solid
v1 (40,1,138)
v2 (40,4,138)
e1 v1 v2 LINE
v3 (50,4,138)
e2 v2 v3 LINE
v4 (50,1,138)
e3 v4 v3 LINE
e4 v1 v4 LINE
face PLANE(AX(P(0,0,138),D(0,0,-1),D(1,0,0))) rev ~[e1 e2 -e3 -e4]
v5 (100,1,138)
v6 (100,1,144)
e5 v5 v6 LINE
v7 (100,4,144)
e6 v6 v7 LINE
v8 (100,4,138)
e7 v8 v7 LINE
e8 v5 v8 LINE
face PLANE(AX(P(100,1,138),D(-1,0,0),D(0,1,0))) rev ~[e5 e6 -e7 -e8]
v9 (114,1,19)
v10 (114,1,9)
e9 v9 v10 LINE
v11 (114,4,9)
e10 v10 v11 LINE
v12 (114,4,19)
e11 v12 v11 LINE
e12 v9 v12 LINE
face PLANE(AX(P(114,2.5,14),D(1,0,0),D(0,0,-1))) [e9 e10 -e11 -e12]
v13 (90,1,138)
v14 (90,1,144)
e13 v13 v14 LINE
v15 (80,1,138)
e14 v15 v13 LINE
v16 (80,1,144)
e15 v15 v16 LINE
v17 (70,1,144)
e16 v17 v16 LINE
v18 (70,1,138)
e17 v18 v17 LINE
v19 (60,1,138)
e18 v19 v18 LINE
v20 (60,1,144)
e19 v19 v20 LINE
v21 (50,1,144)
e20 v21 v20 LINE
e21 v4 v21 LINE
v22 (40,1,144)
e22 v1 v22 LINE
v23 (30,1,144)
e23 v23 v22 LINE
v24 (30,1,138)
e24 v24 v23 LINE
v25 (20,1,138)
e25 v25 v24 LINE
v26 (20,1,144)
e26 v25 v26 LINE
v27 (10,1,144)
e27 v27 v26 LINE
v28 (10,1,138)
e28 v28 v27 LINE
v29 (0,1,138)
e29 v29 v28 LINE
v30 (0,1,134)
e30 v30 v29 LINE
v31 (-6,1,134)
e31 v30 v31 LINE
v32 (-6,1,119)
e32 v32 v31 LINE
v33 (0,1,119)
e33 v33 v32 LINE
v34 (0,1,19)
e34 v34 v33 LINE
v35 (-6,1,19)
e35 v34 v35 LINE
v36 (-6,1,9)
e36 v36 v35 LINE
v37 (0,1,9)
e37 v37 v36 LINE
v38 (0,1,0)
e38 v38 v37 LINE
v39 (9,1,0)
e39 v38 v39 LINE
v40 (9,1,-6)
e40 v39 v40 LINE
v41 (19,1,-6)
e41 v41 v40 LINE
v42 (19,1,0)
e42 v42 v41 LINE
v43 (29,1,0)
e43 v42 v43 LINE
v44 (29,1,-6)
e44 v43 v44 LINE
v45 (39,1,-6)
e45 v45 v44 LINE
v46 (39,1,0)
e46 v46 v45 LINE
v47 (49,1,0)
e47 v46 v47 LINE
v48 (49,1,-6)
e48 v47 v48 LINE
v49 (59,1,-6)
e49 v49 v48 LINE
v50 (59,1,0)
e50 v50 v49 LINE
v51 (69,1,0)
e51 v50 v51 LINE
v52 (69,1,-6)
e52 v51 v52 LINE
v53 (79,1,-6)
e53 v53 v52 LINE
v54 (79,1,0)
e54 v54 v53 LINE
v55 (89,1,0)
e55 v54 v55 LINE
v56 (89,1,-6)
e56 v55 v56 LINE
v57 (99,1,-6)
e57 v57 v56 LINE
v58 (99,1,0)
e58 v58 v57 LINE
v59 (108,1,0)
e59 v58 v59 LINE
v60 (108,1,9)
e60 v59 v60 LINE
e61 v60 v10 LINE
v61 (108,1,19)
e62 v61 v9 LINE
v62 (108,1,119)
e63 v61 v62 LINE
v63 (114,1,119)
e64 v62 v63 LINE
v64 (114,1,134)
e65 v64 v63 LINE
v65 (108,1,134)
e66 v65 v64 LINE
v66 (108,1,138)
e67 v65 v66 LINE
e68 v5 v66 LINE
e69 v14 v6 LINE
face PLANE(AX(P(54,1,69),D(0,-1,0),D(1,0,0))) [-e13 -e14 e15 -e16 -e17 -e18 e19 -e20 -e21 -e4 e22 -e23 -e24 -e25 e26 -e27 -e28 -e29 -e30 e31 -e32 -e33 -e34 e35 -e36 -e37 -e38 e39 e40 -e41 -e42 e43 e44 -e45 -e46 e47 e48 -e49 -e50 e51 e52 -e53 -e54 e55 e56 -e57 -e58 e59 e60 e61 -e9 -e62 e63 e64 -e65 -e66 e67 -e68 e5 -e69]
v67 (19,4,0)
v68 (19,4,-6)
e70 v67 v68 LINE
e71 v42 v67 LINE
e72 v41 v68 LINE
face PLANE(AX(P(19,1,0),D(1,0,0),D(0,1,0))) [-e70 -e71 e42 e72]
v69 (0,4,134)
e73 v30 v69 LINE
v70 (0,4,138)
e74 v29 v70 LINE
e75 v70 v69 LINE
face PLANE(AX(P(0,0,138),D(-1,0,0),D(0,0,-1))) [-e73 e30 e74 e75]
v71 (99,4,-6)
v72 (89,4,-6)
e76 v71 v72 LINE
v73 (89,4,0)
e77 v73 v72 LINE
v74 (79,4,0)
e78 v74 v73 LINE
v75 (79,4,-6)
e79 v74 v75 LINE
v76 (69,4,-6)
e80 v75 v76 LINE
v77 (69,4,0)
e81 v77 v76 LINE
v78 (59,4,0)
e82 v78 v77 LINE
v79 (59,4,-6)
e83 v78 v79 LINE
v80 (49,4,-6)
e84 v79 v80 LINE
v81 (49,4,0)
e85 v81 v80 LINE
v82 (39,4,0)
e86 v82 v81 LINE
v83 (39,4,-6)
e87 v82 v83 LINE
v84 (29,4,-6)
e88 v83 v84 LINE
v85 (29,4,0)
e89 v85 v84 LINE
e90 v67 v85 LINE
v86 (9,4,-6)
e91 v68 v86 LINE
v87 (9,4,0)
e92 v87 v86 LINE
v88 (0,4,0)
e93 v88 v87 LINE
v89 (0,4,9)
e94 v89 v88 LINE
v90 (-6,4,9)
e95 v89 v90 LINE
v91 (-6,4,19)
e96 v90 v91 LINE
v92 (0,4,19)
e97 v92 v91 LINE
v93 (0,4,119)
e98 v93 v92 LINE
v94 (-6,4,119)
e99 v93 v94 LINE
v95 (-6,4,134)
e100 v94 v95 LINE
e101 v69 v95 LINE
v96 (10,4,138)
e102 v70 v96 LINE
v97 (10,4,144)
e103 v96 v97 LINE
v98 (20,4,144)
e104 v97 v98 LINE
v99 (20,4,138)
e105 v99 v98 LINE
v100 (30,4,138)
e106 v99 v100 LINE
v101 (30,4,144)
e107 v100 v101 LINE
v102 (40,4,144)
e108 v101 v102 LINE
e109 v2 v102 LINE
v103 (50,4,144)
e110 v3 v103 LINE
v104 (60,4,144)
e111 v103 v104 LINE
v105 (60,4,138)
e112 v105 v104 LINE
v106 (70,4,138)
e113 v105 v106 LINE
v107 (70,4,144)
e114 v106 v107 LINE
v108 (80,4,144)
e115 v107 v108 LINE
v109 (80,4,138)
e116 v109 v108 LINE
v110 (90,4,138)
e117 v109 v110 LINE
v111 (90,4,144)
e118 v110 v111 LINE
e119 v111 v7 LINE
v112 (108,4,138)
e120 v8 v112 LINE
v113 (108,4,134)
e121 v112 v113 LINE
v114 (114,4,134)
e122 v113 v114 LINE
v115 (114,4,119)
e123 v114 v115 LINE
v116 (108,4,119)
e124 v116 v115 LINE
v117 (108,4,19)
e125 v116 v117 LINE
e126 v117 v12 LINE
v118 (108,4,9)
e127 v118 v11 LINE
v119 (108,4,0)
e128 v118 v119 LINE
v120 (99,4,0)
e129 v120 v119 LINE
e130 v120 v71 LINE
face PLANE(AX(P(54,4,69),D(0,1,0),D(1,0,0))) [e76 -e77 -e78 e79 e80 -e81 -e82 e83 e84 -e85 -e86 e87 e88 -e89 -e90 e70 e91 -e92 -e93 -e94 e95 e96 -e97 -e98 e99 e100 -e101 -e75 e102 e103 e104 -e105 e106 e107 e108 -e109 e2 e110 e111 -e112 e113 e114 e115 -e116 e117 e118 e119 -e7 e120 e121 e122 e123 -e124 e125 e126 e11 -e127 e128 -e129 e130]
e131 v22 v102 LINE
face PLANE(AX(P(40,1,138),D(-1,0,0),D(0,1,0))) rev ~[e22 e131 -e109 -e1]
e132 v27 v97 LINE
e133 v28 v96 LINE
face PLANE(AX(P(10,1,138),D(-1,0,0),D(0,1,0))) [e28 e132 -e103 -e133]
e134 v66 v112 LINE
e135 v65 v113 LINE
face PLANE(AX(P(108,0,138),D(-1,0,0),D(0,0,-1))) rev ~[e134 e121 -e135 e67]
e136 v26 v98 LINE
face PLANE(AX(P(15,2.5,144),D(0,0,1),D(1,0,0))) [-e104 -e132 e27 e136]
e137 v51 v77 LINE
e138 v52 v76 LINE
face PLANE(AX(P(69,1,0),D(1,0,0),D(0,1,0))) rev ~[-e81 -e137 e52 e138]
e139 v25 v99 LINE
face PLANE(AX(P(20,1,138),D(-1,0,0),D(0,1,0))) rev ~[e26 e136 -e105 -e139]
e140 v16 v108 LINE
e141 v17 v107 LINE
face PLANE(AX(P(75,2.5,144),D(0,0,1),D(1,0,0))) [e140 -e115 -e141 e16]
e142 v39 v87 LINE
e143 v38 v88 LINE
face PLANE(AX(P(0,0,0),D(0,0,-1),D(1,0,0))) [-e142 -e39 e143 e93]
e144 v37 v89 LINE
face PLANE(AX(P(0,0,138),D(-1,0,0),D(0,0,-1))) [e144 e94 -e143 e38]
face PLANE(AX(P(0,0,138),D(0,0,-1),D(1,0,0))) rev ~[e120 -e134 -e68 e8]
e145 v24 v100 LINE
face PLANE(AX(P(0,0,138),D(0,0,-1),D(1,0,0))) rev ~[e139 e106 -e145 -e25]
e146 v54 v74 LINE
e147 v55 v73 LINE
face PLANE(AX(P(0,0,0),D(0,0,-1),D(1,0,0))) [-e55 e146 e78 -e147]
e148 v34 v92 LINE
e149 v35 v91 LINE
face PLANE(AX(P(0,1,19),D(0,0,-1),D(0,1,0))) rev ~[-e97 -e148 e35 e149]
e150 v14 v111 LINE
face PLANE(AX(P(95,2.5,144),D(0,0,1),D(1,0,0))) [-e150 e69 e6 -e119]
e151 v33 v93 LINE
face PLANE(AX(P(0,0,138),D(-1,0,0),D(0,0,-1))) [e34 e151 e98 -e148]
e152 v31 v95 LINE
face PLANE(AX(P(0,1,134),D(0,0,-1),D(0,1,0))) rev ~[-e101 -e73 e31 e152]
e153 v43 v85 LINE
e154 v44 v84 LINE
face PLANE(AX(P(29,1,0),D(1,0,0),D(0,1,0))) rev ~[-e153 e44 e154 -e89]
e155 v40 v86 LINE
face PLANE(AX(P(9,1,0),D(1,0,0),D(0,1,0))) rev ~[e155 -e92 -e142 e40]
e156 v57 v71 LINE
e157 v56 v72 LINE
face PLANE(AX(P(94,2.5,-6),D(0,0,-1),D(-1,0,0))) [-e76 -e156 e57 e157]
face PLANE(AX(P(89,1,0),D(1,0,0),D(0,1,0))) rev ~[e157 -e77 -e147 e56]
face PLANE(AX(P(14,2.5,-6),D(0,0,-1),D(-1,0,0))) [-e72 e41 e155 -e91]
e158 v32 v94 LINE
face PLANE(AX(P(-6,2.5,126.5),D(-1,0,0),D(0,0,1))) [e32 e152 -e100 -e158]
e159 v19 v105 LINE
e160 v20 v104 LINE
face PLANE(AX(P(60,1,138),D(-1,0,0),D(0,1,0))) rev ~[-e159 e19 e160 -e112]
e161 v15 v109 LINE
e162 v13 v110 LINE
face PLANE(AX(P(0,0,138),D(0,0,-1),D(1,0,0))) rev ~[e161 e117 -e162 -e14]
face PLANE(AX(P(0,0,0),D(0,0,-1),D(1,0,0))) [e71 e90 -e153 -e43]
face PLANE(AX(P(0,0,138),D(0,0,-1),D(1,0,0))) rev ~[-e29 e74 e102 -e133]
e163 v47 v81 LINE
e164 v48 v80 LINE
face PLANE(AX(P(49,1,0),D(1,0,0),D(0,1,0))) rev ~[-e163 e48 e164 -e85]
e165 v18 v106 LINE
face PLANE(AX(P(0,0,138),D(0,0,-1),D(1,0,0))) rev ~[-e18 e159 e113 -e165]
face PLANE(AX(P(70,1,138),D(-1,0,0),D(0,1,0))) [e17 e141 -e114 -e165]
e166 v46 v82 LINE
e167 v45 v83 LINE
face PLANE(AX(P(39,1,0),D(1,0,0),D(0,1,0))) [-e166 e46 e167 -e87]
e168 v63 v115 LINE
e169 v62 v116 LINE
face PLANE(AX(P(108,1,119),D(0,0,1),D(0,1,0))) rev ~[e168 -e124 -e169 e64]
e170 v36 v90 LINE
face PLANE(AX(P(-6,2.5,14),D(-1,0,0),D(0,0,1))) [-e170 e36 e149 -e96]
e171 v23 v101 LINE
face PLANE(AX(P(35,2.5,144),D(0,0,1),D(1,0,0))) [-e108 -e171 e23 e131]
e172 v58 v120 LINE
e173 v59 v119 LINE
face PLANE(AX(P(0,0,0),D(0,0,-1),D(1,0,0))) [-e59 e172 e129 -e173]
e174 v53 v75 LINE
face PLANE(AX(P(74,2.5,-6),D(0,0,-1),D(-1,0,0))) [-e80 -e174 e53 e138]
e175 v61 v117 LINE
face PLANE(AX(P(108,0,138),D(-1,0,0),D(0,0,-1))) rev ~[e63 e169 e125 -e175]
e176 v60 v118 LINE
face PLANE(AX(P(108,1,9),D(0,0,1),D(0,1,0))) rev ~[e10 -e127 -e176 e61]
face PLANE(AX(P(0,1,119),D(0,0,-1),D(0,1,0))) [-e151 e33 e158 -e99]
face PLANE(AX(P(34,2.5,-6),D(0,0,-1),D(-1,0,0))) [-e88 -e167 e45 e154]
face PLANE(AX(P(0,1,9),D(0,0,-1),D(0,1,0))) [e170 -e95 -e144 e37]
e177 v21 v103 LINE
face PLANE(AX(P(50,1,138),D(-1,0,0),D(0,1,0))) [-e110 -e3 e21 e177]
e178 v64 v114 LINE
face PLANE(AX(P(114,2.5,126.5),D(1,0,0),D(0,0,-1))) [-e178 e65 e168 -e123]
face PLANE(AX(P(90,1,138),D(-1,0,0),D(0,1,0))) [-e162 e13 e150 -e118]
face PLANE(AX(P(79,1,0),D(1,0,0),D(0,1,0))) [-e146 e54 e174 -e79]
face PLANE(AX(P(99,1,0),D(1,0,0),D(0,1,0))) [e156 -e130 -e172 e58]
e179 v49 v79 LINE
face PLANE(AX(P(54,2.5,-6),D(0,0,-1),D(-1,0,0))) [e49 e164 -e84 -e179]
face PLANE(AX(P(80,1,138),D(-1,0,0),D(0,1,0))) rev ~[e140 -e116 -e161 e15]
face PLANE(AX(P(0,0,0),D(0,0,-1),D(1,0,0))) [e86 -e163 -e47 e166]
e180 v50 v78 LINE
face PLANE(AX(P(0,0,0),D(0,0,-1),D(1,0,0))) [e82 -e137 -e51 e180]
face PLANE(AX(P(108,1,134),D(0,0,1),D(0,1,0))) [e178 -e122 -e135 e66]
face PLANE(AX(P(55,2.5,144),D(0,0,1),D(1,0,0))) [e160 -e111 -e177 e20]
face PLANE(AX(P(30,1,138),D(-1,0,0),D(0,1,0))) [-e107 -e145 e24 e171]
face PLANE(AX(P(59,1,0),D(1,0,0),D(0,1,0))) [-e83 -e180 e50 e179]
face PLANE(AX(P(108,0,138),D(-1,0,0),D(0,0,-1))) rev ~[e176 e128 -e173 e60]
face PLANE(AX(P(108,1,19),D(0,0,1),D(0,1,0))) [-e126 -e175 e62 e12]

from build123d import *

# Parameters (mm, degrees)
SKETCH_1_W          = 108
SKETCH_1_H          = 138
EXTRUDE_1_DEPTH     = 4
SKETCH_3_W          = 108
SKETCH_3_H          = 138
CUT_EXTRUDE_2_DEPTH = 1
SKETCH_4_W          = 10
SKETCH_4_H          = 3
EXTRUDE_2_DEPTH     = 6
SKETCH_5_W          = 10
SKETCH_5_H          = 3
SKETCH_5_W_2        = 15
EXTRUDE_3_DEPTH     = 6
SKETCH_6_W          = 15
SKETCH_6_H          = 3
SKETCH_6_W_2        = 10
EXTRUDE_4_DEPTH     = 6
SKETCH_7_W          = 10
SKETCH_7_H          = 3
EXTRUDE_5_DEPTH     = 6


with BuildPart() as part:
    # Эскиз1 → Бобышка-Вытянуть1 (new body)
    with BuildSketch(Plane(origin=(0, 0, 0), x_dir=(1, 0, 0), z_dir=(0, 1, 0))):
        with Locations((54, -69)):
            Rectangle(SKETCH_1_W, SKETCH_1_H)
    extrude(amount=EXTRUDE_1_DEPTH)

    # Эскиз3 → Вырез-Вытянуть2 (cut)
    with BuildSketch(Plane.XZ):
        with Locations((54, 69)):
            Rectangle(SKETCH_3_W, SKETCH_3_H)
    extrude(amount=-CUT_EXTRUDE_2_DEPTH, mode=Mode.SUBTRACT)

    # Эскиз4 → Бобышка-Вытянуть2 (add)
    with BuildSketch(Plane.XY.offset(138)):
        with Locations((15, 2.5)):
            Rectangle(SKETCH_4_W, SKETCH_4_H)
        with Locations((35, 2.5)):
            Rectangle(SKETCH_4_W, SKETCH_4_H)
        with Locations((55, 2.5)):
            Rectangle(SKETCH_4_W, SKETCH_4_H)
        with Locations((75, 2.5)):
            Rectangle(SKETCH_4_W, SKETCH_4_H)
        with Locations((95, 2.5)):
            Rectangle(SKETCH_4_W, SKETCH_4_H)
    extrude(amount=EXTRUDE_2_DEPTH)

    # Эскиз5 → Бобышка-Вытянуть3 (add)
    with BuildSketch(Plane.ZY):
        with Locations((14, 2.5)):
            Rectangle(SKETCH_5_W, SKETCH_5_H)
        with Locations((126.5, 2.5)):
            Rectangle(SKETCH_5_W_2, SKETCH_5_H)
    extrude(amount=EXTRUDE_3_DEPTH)

    # Эскиз6 → Бобышка-Вытянуть4 (add)
    with BuildSketch(Plane(origin=(108, 0, 0), x_dir=(0, 0, -1), z_dir=(1, 0, 0))):
        with Locations((-126.5, 2.5)):
            Rectangle(SKETCH_6_W, SKETCH_6_H)
        with Locations((-14, 2.5)):
            Rectangle(SKETCH_6_W_2, SKETCH_6_H)
    extrude(amount=EXTRUDE_4_DEPTH)

    # Эскиз7 → Бобышка-Вытянуть5 (add)
    with BuildSketch(Plane(origin=(0, 0, 0), x_dir=(-1, 0, 0), z_dir=(0, 0, -1))):
        with Locations((-94, 2.5)):
            Rectangle(SKETCH_7_W, SKETCH_7_H)
        with Locations((-74, 2.5)):
            Rectangle(SKETCH_7_W, SKETCH_7_H)
        with Locations((-54, 2.5)):
            Rectangle(SKETCH_7_W, SKETCH_7_H)
        with Locations((-34, 2.5)):
            Rectangle(SKETCH_7_W, SKETCH_7_H)
        with Locations((-14, 2.5)):
            Rectangle(SKETCH_7_W, SKETCH_7_H)
    extrude(amount=EXTRUDE_5_DEPTH)


solid = part.part
